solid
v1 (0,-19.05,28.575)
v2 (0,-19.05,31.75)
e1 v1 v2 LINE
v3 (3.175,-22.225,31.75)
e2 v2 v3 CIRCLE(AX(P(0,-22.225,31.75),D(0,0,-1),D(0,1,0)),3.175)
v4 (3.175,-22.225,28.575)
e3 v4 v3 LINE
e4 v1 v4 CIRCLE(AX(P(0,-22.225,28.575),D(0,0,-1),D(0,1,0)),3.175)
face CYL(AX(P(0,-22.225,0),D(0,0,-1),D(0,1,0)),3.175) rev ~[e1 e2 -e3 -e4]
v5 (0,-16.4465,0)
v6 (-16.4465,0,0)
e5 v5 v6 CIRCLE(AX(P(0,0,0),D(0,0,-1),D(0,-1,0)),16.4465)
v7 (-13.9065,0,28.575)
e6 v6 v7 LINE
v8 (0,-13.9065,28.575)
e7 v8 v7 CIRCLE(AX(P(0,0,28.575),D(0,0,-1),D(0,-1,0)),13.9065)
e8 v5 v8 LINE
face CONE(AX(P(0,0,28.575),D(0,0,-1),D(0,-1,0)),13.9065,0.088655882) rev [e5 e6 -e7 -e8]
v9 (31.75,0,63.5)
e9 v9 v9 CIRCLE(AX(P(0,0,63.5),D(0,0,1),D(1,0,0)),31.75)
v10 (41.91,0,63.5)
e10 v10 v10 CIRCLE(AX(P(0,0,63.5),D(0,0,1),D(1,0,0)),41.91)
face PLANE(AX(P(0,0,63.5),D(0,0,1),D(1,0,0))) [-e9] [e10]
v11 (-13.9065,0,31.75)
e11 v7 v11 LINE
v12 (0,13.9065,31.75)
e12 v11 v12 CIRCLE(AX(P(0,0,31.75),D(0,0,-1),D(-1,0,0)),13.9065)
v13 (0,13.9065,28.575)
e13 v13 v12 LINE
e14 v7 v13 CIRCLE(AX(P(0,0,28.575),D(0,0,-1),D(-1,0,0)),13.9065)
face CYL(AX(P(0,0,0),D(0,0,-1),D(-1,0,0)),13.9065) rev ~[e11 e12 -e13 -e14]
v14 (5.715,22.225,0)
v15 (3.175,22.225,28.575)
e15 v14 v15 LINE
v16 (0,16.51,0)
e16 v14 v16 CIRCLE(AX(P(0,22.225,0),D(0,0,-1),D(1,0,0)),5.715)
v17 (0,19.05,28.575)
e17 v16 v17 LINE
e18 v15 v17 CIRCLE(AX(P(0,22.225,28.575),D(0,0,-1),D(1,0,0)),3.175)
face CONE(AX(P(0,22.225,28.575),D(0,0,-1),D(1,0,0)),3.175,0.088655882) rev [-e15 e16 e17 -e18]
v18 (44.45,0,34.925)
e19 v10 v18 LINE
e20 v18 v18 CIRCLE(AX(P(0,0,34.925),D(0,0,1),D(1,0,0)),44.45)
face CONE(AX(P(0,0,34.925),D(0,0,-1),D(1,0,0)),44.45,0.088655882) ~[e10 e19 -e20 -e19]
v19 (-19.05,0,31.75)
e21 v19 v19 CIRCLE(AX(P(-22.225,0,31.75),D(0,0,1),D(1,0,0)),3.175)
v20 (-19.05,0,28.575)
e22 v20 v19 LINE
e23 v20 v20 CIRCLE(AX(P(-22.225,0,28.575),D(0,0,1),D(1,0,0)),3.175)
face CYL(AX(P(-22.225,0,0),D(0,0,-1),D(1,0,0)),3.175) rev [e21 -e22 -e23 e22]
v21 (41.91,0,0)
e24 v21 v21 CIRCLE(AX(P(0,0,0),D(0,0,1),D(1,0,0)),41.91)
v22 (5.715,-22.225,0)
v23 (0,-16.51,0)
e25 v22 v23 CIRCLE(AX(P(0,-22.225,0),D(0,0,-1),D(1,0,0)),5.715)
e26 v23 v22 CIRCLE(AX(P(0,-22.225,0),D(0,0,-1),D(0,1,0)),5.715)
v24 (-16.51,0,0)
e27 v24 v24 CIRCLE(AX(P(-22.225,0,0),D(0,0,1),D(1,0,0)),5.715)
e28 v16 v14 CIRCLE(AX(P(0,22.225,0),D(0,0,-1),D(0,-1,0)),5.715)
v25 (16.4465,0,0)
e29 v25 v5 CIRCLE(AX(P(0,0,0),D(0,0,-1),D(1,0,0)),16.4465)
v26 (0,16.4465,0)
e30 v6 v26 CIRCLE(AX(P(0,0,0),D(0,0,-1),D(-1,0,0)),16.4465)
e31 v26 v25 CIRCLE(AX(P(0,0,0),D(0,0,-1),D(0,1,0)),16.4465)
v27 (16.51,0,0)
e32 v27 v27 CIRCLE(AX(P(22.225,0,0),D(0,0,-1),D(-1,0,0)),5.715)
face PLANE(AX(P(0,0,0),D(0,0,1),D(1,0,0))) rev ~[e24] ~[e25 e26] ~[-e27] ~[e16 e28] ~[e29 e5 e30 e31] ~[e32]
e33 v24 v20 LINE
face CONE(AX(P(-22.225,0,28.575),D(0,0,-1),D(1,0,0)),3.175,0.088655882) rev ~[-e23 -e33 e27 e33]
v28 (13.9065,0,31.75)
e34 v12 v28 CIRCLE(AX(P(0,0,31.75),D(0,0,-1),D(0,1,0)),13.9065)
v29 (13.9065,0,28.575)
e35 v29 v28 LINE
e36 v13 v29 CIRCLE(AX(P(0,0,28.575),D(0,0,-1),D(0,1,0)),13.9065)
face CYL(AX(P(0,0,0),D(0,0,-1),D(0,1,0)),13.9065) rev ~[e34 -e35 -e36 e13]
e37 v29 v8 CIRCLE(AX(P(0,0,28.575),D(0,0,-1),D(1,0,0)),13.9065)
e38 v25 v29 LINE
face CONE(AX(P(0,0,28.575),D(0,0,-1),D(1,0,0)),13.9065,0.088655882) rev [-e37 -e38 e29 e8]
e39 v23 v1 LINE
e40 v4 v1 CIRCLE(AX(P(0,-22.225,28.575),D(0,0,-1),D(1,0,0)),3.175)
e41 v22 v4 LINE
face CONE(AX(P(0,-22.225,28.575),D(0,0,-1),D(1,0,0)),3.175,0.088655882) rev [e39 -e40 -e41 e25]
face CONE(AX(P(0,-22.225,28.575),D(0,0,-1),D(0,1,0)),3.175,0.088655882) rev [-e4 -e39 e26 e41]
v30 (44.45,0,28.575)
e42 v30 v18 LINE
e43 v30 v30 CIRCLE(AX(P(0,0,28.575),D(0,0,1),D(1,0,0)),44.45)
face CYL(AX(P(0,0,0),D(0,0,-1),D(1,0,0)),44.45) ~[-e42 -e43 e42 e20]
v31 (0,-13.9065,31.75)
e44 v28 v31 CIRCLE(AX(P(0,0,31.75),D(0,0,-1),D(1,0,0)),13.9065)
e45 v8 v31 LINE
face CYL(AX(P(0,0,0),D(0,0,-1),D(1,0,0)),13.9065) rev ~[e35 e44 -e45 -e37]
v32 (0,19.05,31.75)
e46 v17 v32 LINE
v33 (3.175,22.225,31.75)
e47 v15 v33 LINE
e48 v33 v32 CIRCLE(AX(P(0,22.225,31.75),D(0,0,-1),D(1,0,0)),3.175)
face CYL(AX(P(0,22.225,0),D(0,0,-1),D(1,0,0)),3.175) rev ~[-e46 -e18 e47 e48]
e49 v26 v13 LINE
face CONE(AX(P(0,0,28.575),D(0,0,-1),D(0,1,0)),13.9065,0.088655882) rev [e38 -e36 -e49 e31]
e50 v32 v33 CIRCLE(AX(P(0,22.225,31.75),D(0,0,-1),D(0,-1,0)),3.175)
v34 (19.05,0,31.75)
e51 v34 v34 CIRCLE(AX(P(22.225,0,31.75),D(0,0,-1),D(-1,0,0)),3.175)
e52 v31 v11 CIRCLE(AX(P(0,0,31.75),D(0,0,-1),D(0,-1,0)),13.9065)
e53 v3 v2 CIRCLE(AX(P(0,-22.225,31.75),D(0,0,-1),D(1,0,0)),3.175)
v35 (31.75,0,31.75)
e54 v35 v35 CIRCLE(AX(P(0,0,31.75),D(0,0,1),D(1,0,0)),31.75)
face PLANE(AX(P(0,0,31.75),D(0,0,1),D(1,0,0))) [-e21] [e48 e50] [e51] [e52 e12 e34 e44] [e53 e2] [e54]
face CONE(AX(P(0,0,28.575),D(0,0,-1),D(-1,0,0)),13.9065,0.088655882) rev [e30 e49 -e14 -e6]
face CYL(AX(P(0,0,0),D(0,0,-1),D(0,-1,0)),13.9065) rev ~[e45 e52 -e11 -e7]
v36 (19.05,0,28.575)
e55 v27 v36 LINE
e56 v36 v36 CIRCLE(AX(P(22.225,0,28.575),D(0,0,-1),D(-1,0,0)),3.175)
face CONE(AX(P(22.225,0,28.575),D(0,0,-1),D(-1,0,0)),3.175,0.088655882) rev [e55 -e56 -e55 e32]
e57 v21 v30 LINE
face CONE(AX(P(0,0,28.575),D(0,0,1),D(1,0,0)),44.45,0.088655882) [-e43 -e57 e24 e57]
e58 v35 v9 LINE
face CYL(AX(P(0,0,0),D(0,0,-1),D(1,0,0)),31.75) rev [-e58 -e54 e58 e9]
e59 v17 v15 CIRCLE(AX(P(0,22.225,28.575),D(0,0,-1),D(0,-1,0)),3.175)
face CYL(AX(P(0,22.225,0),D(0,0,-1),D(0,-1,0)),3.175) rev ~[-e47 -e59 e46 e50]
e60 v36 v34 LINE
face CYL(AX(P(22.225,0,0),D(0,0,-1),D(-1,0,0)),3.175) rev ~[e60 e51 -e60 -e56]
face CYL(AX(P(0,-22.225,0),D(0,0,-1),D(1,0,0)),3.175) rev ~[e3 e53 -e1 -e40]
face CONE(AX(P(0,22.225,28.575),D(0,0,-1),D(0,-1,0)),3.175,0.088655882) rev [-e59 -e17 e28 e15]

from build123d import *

# Parameters (mm, degrees)
F0_R     = 31.75
F0_R_2   = 3.175
F1_DEPTH = 31.75
F0_R_3   = 44.45
F2_DEPTH = 63.5
F3_SIZE2 = 28.575
F3_SIZE  = 2.54
F4_SIZE2 = 28.575
F4_SIZE  = 2.54


with BuildPart() as f1:
    # F0 (on Top) → F1 (new body)
    with BuildSketch(Plane.XY):
        Circle(F0_R)
        with BuildLine():
            ThreePointArc((3.175, -22.225), (-2.2450640303, -24.4700640303), (0, -19.05))
            ThreePointArc((0, -19.05), (2.2450640303, -19.9799359697), (3.175, -22.225))
        make_face(mode=Mode.SUBTRACT)
        with Locations((-22.225, 0)):
            Circle(F0_R_2, mode=Mode.SUBTRACT)
        with BuildLine():
            ThreePointArc((0, 13.9065), (9.8333804526, 9.8333804526), (13.9065, 0))
            ThreePointArc((13.9065, 0), (9.8333804526, -9.8333804526), (0, -13.9065))
            ThreePointArc((0, -13.9065), (-9.8333804526, -9.8333804526), (-13.9065, 0))
            ThreePointArc((-13.9065, 0), (-9.8333804526, 9.8333804526), (0, 13.9065))
        make_face(mode=Mode.SUBTRACT)
        with BuildLine():
            ThreePointArc((25.4, 0), (22.225, -3.175), (19.05, 0))
            ThreePointArc((19.05, 0), (22.225, 3.175), (25.4, 0))
        make_face(mode=Mode.SUBTRACT)
        with BuildLine():
            ThreePointArc((3.175, 22.225), (2.2450640303, 19.9799359697), (0, 19.05))
            ThreePointArc((0, 19.05), (-2.2450640303, 24.4700640303), (3.175, 22.225))
        make_face(mode=Mode.SUBTRACT)
    extrude(amount=F1_DEPTH)

    # F0 (on Top) → F2 (join)
    with BuildSketch(Plane.XY):
        Circle(F0_R_3)
        Circle(F0_R, mode=Mode.SUBTRACT)
    extrude(amount=F2_DEPTH)

    # F3
    f3_edges = [f1.edges().sort_by_distance(p)[0] for p in [
        (-44.45, 0, 63.5),
    ]]
    f3_side = f1.faces().sort_by_distance((-43.192764, 0, 63.5))[0]
    chamfer(f3_edges, length=F3_SIZE, length2=F3_SIZE2, reference=f3_side)

    # F4
    f4_edges = [f1.edges().sort_by_distance(p)[0] for p in [
        (0, -25.4, 0),
        (-25.4, 0, 0),
        (-13.9065, 0, 0),
        (19.05, 0, 0),
        (-3.175, 22.225, 0),
        (-44.45, 0, 0),
    ]]
    f4_side = f1.faces().sort_by_distance((0, -26.657236, 0))[0]
    chamfer(f4_edges, length=F4_SIZE, length2=F4_SIZE2, reference=f4_side)


solid = f1.part
